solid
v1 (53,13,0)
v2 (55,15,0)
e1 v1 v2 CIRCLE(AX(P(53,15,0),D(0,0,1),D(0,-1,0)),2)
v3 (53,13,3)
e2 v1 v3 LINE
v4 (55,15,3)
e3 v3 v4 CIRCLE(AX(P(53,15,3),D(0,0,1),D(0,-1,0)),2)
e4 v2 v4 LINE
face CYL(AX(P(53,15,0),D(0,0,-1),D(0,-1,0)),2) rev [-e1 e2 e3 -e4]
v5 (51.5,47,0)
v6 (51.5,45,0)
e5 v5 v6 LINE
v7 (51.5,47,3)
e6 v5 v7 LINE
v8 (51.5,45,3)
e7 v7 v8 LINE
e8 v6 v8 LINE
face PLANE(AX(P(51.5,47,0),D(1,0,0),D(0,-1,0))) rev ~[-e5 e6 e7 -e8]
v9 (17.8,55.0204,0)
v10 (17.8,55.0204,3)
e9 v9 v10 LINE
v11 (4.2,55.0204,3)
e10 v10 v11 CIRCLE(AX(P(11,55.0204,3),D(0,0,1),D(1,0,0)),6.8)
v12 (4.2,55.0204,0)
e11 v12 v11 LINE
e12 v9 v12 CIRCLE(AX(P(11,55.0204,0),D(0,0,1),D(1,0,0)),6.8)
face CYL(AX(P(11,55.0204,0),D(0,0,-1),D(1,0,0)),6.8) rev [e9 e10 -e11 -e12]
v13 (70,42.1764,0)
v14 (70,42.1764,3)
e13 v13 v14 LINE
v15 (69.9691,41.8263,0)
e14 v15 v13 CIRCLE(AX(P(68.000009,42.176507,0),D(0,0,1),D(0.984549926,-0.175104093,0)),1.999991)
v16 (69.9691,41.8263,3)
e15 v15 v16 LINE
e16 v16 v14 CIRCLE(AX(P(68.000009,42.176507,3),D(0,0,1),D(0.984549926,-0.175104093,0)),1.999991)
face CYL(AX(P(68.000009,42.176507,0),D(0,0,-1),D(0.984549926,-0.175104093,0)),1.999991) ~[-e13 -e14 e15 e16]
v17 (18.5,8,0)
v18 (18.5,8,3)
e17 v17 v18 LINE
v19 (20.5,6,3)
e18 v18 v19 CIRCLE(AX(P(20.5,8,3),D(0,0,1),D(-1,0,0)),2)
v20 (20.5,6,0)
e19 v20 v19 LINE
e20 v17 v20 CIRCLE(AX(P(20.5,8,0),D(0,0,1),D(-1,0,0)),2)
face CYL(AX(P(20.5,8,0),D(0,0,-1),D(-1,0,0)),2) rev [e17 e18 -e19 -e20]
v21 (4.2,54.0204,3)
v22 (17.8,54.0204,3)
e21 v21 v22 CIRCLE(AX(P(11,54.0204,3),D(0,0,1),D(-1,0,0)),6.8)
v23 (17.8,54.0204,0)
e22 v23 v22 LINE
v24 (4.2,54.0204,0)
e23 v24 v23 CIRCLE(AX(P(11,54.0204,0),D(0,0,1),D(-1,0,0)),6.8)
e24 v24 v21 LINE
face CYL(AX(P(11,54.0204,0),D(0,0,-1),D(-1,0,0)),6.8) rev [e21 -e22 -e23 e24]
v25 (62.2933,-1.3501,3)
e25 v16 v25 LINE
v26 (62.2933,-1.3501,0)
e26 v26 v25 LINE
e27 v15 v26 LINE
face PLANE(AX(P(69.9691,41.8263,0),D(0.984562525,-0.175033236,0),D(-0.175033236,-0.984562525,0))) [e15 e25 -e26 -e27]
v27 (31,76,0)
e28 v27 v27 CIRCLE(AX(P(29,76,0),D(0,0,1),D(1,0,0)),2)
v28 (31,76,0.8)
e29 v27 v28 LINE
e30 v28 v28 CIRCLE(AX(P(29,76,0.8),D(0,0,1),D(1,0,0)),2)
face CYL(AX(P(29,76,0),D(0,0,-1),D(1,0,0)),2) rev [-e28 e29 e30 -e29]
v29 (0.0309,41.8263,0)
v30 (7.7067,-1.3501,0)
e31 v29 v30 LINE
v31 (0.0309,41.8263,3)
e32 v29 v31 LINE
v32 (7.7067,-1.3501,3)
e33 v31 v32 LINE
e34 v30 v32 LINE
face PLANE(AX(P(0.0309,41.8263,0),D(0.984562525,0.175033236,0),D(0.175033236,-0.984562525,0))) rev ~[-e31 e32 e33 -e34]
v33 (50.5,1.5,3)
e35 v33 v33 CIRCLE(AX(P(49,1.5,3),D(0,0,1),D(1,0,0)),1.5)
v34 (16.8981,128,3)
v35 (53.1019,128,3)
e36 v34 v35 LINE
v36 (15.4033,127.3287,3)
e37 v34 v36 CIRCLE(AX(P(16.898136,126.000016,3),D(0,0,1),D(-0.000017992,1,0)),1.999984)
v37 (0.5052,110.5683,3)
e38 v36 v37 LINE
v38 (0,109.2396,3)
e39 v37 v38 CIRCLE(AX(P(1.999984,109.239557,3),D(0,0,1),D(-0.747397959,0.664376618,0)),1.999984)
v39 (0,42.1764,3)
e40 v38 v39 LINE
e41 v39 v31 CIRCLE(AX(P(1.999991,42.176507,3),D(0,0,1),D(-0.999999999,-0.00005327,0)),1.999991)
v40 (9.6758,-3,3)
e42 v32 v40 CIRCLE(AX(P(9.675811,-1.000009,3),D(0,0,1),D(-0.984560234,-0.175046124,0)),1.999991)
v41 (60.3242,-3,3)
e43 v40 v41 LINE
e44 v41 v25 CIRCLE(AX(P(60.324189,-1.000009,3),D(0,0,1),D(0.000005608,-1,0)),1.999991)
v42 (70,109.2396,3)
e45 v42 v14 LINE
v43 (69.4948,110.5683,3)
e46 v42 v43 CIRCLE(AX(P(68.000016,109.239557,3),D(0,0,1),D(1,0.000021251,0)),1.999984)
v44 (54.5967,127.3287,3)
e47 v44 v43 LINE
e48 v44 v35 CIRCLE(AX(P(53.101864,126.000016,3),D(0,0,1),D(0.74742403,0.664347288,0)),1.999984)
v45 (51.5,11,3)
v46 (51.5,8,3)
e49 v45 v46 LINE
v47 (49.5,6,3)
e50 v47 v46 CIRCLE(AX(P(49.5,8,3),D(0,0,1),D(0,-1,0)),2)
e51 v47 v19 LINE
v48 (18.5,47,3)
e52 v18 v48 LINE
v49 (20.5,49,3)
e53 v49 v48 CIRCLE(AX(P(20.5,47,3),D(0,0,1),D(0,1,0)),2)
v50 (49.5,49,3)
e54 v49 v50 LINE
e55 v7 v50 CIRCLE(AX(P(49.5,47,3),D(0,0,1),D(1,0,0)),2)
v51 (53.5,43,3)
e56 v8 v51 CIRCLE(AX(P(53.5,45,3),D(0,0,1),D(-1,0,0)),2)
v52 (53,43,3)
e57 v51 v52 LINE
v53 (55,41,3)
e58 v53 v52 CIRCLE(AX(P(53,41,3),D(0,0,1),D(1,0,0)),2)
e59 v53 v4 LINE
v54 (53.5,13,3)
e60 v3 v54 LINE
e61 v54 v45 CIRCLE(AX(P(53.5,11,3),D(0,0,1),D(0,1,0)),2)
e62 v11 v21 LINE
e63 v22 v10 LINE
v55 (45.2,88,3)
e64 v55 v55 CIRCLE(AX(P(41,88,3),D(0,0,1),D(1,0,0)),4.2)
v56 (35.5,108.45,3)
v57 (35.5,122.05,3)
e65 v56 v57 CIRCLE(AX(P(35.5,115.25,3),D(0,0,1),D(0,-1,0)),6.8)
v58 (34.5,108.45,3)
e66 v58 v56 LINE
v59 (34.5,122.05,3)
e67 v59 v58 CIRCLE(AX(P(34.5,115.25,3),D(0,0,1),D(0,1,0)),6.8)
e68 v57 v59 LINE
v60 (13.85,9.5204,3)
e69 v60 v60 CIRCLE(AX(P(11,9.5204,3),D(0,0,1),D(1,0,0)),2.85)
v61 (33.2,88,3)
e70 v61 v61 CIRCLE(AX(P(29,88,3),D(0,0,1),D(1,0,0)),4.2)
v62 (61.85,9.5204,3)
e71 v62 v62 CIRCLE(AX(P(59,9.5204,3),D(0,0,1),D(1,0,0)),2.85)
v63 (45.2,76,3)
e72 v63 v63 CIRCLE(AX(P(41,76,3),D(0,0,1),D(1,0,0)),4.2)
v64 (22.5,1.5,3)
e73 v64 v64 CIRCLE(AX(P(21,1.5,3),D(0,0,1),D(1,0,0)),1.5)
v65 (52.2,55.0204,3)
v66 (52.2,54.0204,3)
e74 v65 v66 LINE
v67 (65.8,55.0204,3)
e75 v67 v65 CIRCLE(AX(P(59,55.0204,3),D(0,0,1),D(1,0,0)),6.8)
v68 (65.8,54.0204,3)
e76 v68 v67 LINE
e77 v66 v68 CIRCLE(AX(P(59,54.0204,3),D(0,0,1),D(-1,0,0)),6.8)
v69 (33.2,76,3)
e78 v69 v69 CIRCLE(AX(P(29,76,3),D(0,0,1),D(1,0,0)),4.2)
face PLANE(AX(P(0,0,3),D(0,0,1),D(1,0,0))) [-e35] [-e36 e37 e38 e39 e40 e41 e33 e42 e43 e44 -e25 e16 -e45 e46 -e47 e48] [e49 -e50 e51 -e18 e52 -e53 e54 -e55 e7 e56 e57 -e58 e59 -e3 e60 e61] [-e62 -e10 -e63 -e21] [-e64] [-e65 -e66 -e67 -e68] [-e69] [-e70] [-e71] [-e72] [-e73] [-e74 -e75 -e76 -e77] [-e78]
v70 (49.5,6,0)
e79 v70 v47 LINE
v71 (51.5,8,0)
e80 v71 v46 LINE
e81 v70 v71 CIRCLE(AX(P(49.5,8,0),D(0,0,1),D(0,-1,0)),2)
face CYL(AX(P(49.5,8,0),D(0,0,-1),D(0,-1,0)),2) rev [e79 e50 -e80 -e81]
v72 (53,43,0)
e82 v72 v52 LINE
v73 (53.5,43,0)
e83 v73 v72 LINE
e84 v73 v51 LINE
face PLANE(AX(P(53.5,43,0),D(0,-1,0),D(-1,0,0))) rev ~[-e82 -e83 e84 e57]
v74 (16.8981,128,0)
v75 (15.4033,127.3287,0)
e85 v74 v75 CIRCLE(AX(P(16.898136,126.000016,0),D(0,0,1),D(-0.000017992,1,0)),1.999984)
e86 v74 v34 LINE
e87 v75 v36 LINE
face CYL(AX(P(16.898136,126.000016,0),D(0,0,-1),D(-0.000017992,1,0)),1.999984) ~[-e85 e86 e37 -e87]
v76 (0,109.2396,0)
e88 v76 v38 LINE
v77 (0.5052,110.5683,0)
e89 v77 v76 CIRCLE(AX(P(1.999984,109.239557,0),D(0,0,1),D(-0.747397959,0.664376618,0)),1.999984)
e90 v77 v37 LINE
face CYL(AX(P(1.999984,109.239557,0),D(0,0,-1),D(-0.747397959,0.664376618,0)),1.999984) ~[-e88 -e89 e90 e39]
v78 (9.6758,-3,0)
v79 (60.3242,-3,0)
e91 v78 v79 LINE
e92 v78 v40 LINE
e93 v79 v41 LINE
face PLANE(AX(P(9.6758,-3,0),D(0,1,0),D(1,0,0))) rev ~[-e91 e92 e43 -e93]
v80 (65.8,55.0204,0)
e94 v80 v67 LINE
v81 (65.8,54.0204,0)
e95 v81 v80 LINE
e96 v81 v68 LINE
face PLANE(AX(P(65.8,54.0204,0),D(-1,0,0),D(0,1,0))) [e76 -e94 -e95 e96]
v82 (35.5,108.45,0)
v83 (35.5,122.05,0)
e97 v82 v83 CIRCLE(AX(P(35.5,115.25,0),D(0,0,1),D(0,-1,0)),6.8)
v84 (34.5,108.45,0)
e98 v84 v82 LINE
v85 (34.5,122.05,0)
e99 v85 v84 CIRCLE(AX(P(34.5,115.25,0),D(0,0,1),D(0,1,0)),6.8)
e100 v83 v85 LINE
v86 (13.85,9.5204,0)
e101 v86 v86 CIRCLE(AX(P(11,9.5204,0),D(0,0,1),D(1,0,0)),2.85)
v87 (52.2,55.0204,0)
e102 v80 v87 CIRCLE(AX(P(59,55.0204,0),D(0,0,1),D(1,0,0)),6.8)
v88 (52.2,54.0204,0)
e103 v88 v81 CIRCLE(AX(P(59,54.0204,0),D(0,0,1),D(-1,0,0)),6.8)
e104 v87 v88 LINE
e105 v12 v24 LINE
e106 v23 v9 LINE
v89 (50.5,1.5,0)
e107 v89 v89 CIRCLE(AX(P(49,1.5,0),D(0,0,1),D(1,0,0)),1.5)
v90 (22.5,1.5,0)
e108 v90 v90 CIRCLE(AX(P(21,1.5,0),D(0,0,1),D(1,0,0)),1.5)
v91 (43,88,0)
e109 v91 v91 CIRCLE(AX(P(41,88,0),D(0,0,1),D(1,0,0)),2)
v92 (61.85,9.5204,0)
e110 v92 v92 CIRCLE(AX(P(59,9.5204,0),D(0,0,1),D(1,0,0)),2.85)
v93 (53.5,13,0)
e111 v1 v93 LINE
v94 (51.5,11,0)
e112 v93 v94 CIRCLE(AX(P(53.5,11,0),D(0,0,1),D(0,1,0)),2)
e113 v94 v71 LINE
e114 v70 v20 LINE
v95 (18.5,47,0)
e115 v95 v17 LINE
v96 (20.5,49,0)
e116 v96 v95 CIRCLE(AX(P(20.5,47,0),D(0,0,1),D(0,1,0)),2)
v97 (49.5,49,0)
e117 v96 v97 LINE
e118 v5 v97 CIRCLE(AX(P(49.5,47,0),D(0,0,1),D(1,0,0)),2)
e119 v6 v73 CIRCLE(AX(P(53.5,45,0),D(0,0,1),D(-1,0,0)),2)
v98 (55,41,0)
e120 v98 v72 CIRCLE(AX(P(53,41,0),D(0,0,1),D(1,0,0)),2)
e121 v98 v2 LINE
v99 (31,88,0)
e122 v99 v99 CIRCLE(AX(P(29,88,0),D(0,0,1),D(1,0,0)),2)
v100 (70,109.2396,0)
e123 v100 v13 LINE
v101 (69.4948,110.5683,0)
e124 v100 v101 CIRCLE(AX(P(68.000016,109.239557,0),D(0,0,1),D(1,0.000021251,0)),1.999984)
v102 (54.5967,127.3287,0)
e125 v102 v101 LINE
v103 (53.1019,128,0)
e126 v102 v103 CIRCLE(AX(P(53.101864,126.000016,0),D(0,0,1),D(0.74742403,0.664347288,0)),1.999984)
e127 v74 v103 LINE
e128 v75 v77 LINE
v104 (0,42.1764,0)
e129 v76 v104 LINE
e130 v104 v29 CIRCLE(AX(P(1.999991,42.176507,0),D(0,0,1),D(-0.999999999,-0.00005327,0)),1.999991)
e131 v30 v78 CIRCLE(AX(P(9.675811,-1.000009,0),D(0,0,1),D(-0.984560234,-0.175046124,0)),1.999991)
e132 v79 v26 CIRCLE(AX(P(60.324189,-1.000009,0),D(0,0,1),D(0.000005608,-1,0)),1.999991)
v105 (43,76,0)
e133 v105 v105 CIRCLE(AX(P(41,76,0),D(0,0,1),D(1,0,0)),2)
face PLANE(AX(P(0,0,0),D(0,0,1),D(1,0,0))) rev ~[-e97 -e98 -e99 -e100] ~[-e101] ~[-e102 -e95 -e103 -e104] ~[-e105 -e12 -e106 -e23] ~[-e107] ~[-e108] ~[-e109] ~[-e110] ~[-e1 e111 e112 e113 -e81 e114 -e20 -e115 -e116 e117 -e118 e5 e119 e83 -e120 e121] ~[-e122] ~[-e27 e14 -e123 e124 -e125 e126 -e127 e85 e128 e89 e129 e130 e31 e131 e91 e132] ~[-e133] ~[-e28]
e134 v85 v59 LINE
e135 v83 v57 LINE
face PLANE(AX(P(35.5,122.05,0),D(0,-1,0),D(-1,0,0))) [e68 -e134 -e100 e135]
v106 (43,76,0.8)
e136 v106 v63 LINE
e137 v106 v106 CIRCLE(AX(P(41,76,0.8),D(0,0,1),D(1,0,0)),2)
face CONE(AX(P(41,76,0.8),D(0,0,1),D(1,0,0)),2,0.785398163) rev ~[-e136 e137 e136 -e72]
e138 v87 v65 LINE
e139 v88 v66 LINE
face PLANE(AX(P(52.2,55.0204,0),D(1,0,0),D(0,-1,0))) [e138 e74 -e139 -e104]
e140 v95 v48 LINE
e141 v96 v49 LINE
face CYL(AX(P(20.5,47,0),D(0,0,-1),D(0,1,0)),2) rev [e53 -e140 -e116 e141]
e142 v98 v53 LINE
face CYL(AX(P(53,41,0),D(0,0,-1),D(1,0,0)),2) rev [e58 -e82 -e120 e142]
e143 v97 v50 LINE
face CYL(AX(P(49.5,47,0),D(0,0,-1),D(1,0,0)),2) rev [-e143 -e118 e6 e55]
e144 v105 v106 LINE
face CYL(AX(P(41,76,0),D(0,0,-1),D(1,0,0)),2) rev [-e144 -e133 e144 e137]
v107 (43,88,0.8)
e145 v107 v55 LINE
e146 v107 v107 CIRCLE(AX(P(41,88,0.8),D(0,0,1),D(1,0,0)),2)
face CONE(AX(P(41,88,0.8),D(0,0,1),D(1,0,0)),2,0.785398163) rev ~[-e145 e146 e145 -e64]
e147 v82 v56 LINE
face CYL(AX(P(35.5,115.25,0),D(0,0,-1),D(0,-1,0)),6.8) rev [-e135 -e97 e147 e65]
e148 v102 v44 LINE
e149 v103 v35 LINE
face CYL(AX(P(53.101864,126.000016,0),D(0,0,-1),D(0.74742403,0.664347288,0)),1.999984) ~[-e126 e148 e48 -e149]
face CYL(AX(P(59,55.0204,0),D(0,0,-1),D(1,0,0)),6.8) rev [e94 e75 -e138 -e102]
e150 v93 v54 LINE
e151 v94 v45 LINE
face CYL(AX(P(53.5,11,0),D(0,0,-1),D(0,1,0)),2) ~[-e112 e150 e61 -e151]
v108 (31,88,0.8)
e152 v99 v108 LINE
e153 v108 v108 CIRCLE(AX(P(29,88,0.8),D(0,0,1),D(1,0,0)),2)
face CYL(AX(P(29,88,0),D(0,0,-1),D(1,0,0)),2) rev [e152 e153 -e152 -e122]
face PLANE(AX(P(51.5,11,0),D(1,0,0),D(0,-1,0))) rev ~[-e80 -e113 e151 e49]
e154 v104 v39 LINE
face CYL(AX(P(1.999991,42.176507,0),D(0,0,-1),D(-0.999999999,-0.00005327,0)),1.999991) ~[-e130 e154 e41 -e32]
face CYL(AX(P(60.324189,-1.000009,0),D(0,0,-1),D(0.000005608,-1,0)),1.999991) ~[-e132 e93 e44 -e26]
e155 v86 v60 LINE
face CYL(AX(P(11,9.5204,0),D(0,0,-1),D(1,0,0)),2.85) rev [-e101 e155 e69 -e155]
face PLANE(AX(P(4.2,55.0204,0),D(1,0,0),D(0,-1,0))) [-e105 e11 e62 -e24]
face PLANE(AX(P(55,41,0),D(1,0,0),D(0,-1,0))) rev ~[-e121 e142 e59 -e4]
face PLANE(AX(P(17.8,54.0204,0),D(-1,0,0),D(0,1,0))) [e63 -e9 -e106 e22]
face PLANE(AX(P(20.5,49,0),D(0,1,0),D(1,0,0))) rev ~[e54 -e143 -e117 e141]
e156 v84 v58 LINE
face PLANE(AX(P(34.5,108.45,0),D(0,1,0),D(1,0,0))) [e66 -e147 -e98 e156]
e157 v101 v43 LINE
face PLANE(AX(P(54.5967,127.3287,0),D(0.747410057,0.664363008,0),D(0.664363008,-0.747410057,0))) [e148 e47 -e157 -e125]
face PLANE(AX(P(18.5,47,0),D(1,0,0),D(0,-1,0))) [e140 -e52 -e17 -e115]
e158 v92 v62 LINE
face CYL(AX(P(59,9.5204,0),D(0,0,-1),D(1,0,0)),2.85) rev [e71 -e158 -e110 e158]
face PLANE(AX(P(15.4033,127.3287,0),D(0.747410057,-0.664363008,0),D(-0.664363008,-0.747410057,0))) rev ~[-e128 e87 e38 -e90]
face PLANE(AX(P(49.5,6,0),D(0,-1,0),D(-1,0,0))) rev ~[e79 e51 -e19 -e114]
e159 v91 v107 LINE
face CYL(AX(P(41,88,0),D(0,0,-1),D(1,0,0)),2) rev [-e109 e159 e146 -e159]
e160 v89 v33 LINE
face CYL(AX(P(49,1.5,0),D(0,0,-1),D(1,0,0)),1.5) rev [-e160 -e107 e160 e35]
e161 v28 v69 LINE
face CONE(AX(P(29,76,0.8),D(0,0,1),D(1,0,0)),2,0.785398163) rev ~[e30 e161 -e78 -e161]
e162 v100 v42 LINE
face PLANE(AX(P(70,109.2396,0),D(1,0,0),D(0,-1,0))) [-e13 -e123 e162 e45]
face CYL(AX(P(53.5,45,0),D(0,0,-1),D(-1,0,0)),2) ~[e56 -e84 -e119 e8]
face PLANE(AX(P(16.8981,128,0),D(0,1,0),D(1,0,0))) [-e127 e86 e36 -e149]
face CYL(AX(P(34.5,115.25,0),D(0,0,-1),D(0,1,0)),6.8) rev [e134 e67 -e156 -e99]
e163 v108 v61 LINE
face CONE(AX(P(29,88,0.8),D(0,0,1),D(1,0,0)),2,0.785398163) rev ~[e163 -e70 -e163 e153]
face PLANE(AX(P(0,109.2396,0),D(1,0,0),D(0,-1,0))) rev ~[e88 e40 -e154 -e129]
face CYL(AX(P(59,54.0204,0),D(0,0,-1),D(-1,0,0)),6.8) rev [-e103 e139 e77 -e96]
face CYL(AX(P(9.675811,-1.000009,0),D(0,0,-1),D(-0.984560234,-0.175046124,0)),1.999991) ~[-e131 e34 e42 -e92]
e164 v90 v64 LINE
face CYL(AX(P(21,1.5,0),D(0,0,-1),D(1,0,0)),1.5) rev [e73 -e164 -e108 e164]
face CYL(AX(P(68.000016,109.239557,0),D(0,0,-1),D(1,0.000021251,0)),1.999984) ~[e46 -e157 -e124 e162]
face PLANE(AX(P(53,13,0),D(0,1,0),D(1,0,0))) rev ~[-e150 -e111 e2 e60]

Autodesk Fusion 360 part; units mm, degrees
sketch "Esquisse1" plane through (0, 0, 0) normal (0, 0, 1) x (1, 0, 0)
  circle A0 centre (11, 9.5204) radius 2.85
  circle A1 centre (59, 9.5204) radius 2.85
  line L0 (20.5, 49) -> (49.5, 49)
  line L1 (49.5, 6) -> (20.5, 6)
  line L2 (55, 41) -> (55, 15)
  line L3 (18.5, 47) -> (18.5, 48)
  line L4 (51.5, 47) -> (51.5, 45)
  line L5 (53.5, 43) -> (53, 43)
  line L6 (53, 13) -> (53.5, 13)
  line L7 (51.5, 11) -> (51.5, 8)
  line L8 (18.5, 8) -> (18.5, 9)
  arc A2 (18.5, 8) -> (20.5, 6) centre (20.5, 8) ccw
  arc A3 (49.5, 6) -> (51.5, 8) centre (49.5, 8) ccw
  arc A4 (53.5, 13) -> (51.5, 11) centre (53.5, 11) ccw
  arc A5 (53, 13) -> (55, 15) centre (53, 15) ccw
  arc A6 (55, 41) -> (53, 43) centre (53, 41) ccw
  arc A7 (51.5, 45) -> (53.5, 43) centre (53.5, 45) ccw
  arc A8 (51.5, 47) -> (49.5, 49) centre (49.5, 47) ccw
  arc A9 (20.5, 49) -> (18.5, 47) centre (20.5, 47) ccw
  line L9 (24, 139.2043) -> (24, -40.7957) construction
  line L10 (46, 139.2043) -> (46, -40.7957) construction
  circle A10 centre (29, 88) radius 2
  circle A11 centre (41, 88) radius 2
  circle A12 centre (29, 76) radius 2
  circle A13 centre (41, 76) radius 2
  line L11 (0, 0) -> (0, -3)
  circle A14 centre (49, 1.5) radius 1.5
  circle A15 centre (21, 1.5) radius 1.5
  line L12 (69.9691, 41.8263) -> (62.2933, -1.3501)
  line L13 (0.0309, 41.8263) -> (7.7067, -1.3501)
  line L14 (54.5967, 127.3287) -> (69.4948, 110.5683)
  line L15 (15.4033, 127.3287) -> (0.5052, 110.5683)
  line L16 (16.8981, 128) -> (53.1019, 128)
  line L17 (70, 109.2396) -> (70, 42.1764)
  line L18 (0, 109.2396) -> (0, 42.1764)
  line L19 (9.6758, -3) -> (60.3242, -3)
  arc A16 (0.5052, 110.5683) -> (0, 109.2396) centre (2, 109.2396) ccw
  arc A17 (16.8981, 128) -> (15.4033, 127.3287) centre (16.8981, 126) ccw
  arc A18 (54.5967, 127.3287) -> (53.1019, 128) centre (53.1019, 126) ccw
  arc A19 (70, 109.2396) -> (69.4948, 110.5683) centre (68, 109.2396) ccw
  arc A20 (69.9691, 41.8263) -> (70, 42.1764) centre (68, 42.1764) ccw
  arc A21 (0, 42.1764) -> (0.0309, 41.8263) centre (2, 42.1764) ccw
  arc A22 (60.3242, -3) -> (62.2933, -1.3501) centre (60.3242, -1) ccw
  arc A23 (7.7067, -1.3501) -> (9.6758, -3) centre (9.6758, -1) ccw
  line L20 (34.5, 108.45) -> (35.5, 108.45)
  arc A24 (35.5, 108.45) -> (35.5, 122.05) centre (35.5, 115.25) ccw
  line L21 (35.5, 122.05) -> (34.5, 122.05)
  arc A25 (34.5, 122.05) -> (34.5, 108.45) centre (34.5, 115.25) ccw
  line L22 (34.5, 115.25) -> (35.5, 115.25) construction
  line L23 (65.8, 54.0204) -> (65.8, 55.0204)
  arc A26 (65.8, 55.0204) -> (52.2, 55.0204) centre (59, 55.0204) ccw
  line L24 (52.2, 55.0204) -> (52.2, 54.0204)
  arc A27 (52.2, 54.0204) -> (65.8, 54.0204) centre (59, 54.0204) ccw
  line L25 (59, 54.0204) -> (59, 55.0204) construction
  line L26 (17.8, 54.0204) -> (17.8, 55.0204)
  arc A28 (17.8, 55.0204) -> (4.2, 55.0204) centre (11, 55.0204) ccw
  line L27 (4.2, 55.0204) -> (4.2, 54.0204)
  arc A29 (4.2, 54.0204) -> (17.8, 54.0204) centre (11, 54.0204) ccw
  line L28 (11, 54.0204) -> (11, 55.0204) construction
  line L29 (18.5, 48) -> (18.5, 9)
  point P0 (18.5, 49)
  point P1 (51.5, 49)
  point P2 (18.5, 6)
  point P3 (15, 46)
  point P4 (55, 13)
  point P5 (15, 11)
  point P6 (62, -3)
  point P7 (8, -3)
  point P8 (0, 42)
  point P9 (35, 115.25)
  point P10 (59, 54.5204)
  point P11 (11, 54.5204)
  dimension "d20" = 48
  dimension "d22" = 65.3
  dimension "d23" = 65.3
  dimension "d26" = 5.7
  dimension "d27" = 45
  dimension "d28" = 5.7
  dimension "d29" = 33
  dimension "d37" = 2
  dimension "d38" = 2
  dimension "d40" = 11
  dimension "d41" = 22
  dimension "d42" = 180
  dimension "d43" = 180
  dimension "d56" = 3
  dimension "d63" = 3
  dimension "d64" = 3
  dimension "d66" = 3
  dimension "d68" = 3
  dimension "d71" = 8
  dimension "d72" = 45
  dimension "d77" = 2
  dimension "d78" = 13.6
  dimension "d79" = 1
  dimension "d80" = 13.6
  dimension "d81" = 13.6
  dimension "d82" = 1
  dimension "d83" = 1
  dimension "d84" = 26
  dimension "d86" = 34
  dimension "d92" = 40
extrude "Extrusion1" add sketch "Esquisse1" along normal blind 3
chamfer "Chanfrein1" distance 2.2 angle 45 4 edges at (27.1353, 76.7232, 3) (27.1353, 88.7232, 3) (39.1353, 76.7232, 3) (39.1353, 88.7232, 3)
